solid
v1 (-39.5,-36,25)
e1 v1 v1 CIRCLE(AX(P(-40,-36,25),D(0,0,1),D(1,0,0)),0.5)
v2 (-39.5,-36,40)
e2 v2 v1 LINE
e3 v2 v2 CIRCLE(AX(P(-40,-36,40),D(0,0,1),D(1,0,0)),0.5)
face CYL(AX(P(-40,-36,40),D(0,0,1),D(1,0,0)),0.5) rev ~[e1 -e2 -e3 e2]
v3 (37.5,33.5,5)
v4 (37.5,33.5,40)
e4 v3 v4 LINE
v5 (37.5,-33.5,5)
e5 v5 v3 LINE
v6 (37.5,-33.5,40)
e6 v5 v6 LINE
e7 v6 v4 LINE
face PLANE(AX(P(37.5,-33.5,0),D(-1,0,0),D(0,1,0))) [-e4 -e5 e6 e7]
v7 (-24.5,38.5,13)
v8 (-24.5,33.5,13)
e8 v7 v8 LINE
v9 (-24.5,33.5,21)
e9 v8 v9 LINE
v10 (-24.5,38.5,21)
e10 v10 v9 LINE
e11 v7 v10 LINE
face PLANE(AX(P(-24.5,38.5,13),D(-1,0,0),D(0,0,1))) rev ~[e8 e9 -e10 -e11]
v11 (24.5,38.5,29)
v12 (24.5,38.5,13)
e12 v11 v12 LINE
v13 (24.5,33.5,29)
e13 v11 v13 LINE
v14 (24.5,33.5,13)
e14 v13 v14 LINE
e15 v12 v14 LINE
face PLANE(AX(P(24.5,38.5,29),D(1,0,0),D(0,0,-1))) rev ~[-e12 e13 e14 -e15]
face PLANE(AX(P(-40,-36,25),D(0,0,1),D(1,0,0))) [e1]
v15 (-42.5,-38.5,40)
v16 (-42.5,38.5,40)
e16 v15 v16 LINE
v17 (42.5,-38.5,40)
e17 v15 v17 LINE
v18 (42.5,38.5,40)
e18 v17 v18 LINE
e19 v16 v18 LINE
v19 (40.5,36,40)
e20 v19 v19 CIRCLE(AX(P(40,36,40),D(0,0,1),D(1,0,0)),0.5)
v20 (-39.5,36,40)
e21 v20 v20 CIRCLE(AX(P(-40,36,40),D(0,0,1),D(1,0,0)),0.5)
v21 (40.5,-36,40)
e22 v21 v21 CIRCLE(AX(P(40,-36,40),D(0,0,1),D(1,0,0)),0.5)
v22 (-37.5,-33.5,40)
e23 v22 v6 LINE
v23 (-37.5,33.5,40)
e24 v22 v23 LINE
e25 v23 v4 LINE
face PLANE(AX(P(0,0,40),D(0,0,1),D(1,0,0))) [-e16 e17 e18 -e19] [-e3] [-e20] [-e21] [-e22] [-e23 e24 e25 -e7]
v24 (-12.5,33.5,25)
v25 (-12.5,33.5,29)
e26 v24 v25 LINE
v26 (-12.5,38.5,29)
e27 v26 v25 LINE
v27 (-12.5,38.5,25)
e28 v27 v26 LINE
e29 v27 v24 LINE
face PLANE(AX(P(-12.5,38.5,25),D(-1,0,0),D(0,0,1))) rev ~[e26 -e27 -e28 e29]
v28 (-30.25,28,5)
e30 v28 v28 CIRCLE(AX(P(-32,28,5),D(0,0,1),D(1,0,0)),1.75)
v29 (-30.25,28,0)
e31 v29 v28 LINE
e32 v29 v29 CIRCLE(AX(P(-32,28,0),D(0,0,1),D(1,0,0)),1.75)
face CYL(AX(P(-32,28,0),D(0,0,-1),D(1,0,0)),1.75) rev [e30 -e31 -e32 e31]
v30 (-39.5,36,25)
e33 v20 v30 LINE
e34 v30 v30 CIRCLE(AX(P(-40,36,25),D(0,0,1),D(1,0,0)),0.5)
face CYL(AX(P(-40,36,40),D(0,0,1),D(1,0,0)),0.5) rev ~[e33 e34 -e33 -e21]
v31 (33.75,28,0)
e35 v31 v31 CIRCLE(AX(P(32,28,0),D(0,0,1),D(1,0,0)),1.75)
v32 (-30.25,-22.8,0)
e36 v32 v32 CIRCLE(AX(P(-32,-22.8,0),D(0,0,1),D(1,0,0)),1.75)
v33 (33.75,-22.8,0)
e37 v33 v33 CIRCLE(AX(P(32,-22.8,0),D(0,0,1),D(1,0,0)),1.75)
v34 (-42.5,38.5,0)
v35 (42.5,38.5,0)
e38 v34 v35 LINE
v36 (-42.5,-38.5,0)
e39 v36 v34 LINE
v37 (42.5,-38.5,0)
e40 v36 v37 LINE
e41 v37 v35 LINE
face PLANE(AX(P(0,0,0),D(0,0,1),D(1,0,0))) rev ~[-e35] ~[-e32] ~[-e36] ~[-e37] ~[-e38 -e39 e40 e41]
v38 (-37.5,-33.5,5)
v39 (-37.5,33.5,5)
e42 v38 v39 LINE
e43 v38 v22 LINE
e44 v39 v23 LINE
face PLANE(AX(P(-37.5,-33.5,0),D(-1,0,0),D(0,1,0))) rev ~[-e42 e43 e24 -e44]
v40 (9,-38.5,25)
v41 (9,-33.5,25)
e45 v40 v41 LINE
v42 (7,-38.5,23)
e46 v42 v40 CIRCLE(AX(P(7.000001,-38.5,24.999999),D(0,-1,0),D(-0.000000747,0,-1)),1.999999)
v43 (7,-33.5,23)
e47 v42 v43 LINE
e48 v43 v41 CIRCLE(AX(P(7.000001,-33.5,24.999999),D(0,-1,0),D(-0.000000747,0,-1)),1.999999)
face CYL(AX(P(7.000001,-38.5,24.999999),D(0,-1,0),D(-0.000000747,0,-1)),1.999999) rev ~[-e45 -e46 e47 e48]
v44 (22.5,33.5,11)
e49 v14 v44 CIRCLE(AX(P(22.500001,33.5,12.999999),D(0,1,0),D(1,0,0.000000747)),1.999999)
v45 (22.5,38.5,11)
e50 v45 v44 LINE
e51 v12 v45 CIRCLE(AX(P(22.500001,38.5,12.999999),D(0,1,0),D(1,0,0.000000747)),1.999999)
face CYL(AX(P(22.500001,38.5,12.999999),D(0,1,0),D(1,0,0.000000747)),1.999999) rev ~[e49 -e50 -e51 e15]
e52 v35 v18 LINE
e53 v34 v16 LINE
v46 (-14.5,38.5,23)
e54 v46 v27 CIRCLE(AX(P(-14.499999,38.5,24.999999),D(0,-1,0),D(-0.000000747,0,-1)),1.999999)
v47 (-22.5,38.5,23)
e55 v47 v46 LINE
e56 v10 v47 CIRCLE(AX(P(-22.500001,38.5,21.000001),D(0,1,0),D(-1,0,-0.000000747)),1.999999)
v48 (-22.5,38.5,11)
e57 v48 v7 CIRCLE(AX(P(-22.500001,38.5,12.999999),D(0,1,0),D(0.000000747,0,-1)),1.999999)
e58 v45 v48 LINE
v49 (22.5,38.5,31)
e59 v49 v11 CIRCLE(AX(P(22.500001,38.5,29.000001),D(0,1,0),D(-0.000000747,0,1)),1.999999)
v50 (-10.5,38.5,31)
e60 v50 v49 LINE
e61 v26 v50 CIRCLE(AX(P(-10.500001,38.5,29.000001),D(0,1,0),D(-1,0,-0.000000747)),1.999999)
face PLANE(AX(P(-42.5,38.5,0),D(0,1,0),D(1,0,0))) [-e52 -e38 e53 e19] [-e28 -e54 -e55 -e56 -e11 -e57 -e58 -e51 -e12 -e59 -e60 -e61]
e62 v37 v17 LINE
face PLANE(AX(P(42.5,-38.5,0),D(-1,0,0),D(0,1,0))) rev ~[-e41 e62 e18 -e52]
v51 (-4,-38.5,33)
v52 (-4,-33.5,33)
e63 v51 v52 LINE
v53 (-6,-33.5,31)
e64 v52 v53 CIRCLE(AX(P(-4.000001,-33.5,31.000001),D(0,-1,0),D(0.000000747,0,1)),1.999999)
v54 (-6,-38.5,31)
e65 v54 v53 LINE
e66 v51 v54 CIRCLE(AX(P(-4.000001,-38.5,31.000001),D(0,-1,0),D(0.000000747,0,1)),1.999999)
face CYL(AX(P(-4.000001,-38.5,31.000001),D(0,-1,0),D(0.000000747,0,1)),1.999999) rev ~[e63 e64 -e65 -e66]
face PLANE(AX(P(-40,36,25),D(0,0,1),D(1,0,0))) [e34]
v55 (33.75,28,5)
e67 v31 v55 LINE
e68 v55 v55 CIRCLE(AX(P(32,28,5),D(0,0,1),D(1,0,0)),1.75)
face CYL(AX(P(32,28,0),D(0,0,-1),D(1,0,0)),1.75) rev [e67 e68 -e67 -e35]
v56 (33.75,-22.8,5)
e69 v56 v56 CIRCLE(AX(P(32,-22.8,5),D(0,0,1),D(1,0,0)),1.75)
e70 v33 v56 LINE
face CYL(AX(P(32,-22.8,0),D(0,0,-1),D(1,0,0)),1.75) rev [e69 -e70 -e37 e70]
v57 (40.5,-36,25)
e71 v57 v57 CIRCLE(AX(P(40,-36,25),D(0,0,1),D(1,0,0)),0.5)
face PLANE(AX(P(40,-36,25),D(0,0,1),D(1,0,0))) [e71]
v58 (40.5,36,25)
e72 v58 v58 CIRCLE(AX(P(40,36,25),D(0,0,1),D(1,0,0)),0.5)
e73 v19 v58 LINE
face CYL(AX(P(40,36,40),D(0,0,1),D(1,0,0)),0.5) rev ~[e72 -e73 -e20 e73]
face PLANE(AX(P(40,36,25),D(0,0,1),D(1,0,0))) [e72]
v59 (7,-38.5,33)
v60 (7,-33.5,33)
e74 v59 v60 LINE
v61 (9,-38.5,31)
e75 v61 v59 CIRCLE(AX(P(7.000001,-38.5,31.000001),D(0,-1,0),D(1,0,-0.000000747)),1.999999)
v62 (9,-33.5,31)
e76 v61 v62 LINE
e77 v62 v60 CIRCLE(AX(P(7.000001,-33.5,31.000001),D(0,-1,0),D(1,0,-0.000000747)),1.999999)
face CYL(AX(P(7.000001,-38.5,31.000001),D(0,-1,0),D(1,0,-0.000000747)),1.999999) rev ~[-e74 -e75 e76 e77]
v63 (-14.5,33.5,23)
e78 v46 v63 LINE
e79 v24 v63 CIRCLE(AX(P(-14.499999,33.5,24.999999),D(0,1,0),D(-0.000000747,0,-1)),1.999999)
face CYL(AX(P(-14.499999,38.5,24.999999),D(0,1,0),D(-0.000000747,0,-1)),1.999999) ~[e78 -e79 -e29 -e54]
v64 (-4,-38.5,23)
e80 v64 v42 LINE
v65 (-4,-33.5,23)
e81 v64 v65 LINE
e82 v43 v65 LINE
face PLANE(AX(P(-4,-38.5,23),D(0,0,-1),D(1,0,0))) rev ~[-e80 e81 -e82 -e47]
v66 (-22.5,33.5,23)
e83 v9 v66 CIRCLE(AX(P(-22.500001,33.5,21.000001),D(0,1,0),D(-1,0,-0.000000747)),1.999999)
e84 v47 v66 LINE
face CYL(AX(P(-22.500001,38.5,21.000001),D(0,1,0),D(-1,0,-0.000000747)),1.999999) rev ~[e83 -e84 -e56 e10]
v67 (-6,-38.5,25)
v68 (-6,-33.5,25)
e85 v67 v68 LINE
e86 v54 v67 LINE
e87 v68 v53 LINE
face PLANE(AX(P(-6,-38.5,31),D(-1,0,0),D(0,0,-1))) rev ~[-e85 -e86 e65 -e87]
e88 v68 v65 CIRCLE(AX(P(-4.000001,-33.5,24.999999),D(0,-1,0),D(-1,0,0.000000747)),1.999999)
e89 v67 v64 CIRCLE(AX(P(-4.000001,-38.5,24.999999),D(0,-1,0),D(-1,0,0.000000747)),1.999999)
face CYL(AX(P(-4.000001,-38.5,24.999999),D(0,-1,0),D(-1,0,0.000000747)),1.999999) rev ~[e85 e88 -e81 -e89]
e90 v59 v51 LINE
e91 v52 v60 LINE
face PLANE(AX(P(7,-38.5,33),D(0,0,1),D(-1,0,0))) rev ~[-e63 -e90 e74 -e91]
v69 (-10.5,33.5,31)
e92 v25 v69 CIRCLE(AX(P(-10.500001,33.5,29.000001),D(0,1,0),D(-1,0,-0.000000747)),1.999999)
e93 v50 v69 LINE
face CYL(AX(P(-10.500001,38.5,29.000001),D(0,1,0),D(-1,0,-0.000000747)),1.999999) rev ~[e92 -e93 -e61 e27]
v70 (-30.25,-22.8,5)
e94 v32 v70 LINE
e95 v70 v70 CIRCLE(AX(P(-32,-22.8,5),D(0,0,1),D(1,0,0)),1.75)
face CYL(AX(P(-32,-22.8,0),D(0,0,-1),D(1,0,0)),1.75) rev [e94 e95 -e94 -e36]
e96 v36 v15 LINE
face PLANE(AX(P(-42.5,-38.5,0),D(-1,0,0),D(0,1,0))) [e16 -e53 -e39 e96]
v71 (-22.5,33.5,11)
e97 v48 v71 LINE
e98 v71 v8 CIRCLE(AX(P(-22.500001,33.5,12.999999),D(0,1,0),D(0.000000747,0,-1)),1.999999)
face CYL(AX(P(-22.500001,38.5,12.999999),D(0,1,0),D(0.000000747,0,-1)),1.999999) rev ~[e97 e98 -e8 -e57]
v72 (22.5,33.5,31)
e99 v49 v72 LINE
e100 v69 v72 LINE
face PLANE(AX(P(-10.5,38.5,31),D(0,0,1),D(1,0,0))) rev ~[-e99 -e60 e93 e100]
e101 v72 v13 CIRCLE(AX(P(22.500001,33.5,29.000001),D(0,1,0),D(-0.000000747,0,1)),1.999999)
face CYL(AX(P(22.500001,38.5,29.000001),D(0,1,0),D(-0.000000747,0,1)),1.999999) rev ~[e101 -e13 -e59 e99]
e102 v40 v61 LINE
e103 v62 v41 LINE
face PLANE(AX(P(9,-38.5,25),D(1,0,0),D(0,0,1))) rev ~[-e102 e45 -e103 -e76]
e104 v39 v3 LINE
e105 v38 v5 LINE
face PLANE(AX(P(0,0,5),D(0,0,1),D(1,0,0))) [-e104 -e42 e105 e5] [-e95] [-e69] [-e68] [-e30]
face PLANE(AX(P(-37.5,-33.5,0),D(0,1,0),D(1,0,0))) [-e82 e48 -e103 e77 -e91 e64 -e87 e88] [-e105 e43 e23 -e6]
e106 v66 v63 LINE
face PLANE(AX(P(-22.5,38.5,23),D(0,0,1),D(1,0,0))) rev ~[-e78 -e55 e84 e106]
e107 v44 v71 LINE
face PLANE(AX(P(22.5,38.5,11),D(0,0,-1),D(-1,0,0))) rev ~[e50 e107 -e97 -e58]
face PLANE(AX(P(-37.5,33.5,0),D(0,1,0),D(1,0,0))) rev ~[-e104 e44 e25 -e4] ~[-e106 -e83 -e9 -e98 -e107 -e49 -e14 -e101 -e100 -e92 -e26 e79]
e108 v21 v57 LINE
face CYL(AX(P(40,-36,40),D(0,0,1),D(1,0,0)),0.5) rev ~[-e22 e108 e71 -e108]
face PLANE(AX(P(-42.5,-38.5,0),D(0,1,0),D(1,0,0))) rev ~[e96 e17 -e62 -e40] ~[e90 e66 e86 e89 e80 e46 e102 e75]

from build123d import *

# Parameters (mm, degrees)
F0_W     = 75
F0_H     = 67
F0_R     = 1.75
F1_DEPTH = 5
F0_W_2   = 85
F0_H_2   = 77
F2_DEPTH = 40
F3_R     = 0.5
F4_DEPTH = 15
F6_DEPTH = 25
F8_DEPTH = 25


with BuildPart() as f1:
    # F0 (on Top) → F1 (new body)
    with BuildSketch(Plane.XY):
        Rectangle(F0_W, F0_H)
        with Locations((-32, -22.8)):
            Circle(F0_R, mode=Mode.SUBTRACT)
        with Locations((32, -22.8)):
            Circle(F0_R, mode=Mode.SUBTRACT)
        with Locations((-32, 28)):
            Circle(F0_R, mode=Mode.SUBTRACT)
        with Locations((32, 28)):
            Circle(F0_R, mode=Mode.SUBTRACT)
    extrude(amount=F1_DEPTH)

    # F0 (on Top) → F2 (join)
    with BuildSketch(Plane.XY):
        Rectangle(F0_W_2, F0_H_2)
        Rectangle(F0_W, F0_H, mode=Mode.SUBTRACT)
    extrude(amount=F2_DEPTH)

    # F3 (on face) → F4 (cut)
    with BuildSketch(Plane.XY.offset(40)):
        with Locations((-40, -36)):
            Circle(F3_R)
        with Locations((-40, 36)):
            Circle(F3_R)
        with Locations((40, -36)):
            Circle(F3_R)
        with Locations((40, 36)):
            Circle(F3_R)
    extrude(amount=-F4_DEPTH, mode=Mode.SUBTRACT)

    # F5 (on face) → F6 (cut)
    with BuildSketch(Plane.XZ.offset(38.5)):
        with BuildLine():
            Line((7, 33), (-4, 33))
            ThreePointArc((-4, 33), (-5.414214, 32.414214), (-6, 31))
            Line((-6, 31), (-6, 25))
            ThreePointArc((-6, 25), (-5.414214, 23.585786), (-4, 23))
            Line((-4, 23), (7, 23))
            ThreePointArc((7, 23), (8.414214, 23.585786), (9, 25))
            Line((9, 25), (9, 31))
            ThreePointArc((9, 31), (8.414214, 32.414214), (7, 33))
        make_face()
    extrude(amount=-F6_DEPTH, mode=Mode.SUBTRACT)

    # F7 (on face) → F8 (cut)
    with BuildSketch(Plane(origin=(0, 38.5, 0), x_dir=(-1, 0, 0), z_dir=(0, 1, 0))):
        with BuildLine():
            Line((10.5, 31), (-22.5, 31))
            ThreePointArc((-22.5, 31), (-23.914214, 30.414214), (-24.5, 29))
            Line((-24.5, 29), (-24.5, 13))
            ThreePointArc((-24.5, 13), (-23.914214, 11.585786), (-22.5, 11))
            Line((-22.5, 11), (22.5, 11))
            ThreePointArc((22.5, 11), (23.914214, 11.585786), (24.5, 13))
            Line((24.5, 13), (24.5, 21))
            ThreePointArc((24.5, 21), (23.914214, 22.414214), (22.5, 23))
            Line((22.5, 23), (14.5, 23))
            ThreePointArc((14.5, 23), (13.085786, 23.585786), (12.5, 25))
            Line((12.5, 25), (12.5, 29))
            ThreePointArc((12.5, 29), (11.914214, 30.414214), (10.5, 31))
        make_face()
    extrude(amount=-F8_DEPTH, mode=Mode.SUBTRACT)


solid = f1.part
